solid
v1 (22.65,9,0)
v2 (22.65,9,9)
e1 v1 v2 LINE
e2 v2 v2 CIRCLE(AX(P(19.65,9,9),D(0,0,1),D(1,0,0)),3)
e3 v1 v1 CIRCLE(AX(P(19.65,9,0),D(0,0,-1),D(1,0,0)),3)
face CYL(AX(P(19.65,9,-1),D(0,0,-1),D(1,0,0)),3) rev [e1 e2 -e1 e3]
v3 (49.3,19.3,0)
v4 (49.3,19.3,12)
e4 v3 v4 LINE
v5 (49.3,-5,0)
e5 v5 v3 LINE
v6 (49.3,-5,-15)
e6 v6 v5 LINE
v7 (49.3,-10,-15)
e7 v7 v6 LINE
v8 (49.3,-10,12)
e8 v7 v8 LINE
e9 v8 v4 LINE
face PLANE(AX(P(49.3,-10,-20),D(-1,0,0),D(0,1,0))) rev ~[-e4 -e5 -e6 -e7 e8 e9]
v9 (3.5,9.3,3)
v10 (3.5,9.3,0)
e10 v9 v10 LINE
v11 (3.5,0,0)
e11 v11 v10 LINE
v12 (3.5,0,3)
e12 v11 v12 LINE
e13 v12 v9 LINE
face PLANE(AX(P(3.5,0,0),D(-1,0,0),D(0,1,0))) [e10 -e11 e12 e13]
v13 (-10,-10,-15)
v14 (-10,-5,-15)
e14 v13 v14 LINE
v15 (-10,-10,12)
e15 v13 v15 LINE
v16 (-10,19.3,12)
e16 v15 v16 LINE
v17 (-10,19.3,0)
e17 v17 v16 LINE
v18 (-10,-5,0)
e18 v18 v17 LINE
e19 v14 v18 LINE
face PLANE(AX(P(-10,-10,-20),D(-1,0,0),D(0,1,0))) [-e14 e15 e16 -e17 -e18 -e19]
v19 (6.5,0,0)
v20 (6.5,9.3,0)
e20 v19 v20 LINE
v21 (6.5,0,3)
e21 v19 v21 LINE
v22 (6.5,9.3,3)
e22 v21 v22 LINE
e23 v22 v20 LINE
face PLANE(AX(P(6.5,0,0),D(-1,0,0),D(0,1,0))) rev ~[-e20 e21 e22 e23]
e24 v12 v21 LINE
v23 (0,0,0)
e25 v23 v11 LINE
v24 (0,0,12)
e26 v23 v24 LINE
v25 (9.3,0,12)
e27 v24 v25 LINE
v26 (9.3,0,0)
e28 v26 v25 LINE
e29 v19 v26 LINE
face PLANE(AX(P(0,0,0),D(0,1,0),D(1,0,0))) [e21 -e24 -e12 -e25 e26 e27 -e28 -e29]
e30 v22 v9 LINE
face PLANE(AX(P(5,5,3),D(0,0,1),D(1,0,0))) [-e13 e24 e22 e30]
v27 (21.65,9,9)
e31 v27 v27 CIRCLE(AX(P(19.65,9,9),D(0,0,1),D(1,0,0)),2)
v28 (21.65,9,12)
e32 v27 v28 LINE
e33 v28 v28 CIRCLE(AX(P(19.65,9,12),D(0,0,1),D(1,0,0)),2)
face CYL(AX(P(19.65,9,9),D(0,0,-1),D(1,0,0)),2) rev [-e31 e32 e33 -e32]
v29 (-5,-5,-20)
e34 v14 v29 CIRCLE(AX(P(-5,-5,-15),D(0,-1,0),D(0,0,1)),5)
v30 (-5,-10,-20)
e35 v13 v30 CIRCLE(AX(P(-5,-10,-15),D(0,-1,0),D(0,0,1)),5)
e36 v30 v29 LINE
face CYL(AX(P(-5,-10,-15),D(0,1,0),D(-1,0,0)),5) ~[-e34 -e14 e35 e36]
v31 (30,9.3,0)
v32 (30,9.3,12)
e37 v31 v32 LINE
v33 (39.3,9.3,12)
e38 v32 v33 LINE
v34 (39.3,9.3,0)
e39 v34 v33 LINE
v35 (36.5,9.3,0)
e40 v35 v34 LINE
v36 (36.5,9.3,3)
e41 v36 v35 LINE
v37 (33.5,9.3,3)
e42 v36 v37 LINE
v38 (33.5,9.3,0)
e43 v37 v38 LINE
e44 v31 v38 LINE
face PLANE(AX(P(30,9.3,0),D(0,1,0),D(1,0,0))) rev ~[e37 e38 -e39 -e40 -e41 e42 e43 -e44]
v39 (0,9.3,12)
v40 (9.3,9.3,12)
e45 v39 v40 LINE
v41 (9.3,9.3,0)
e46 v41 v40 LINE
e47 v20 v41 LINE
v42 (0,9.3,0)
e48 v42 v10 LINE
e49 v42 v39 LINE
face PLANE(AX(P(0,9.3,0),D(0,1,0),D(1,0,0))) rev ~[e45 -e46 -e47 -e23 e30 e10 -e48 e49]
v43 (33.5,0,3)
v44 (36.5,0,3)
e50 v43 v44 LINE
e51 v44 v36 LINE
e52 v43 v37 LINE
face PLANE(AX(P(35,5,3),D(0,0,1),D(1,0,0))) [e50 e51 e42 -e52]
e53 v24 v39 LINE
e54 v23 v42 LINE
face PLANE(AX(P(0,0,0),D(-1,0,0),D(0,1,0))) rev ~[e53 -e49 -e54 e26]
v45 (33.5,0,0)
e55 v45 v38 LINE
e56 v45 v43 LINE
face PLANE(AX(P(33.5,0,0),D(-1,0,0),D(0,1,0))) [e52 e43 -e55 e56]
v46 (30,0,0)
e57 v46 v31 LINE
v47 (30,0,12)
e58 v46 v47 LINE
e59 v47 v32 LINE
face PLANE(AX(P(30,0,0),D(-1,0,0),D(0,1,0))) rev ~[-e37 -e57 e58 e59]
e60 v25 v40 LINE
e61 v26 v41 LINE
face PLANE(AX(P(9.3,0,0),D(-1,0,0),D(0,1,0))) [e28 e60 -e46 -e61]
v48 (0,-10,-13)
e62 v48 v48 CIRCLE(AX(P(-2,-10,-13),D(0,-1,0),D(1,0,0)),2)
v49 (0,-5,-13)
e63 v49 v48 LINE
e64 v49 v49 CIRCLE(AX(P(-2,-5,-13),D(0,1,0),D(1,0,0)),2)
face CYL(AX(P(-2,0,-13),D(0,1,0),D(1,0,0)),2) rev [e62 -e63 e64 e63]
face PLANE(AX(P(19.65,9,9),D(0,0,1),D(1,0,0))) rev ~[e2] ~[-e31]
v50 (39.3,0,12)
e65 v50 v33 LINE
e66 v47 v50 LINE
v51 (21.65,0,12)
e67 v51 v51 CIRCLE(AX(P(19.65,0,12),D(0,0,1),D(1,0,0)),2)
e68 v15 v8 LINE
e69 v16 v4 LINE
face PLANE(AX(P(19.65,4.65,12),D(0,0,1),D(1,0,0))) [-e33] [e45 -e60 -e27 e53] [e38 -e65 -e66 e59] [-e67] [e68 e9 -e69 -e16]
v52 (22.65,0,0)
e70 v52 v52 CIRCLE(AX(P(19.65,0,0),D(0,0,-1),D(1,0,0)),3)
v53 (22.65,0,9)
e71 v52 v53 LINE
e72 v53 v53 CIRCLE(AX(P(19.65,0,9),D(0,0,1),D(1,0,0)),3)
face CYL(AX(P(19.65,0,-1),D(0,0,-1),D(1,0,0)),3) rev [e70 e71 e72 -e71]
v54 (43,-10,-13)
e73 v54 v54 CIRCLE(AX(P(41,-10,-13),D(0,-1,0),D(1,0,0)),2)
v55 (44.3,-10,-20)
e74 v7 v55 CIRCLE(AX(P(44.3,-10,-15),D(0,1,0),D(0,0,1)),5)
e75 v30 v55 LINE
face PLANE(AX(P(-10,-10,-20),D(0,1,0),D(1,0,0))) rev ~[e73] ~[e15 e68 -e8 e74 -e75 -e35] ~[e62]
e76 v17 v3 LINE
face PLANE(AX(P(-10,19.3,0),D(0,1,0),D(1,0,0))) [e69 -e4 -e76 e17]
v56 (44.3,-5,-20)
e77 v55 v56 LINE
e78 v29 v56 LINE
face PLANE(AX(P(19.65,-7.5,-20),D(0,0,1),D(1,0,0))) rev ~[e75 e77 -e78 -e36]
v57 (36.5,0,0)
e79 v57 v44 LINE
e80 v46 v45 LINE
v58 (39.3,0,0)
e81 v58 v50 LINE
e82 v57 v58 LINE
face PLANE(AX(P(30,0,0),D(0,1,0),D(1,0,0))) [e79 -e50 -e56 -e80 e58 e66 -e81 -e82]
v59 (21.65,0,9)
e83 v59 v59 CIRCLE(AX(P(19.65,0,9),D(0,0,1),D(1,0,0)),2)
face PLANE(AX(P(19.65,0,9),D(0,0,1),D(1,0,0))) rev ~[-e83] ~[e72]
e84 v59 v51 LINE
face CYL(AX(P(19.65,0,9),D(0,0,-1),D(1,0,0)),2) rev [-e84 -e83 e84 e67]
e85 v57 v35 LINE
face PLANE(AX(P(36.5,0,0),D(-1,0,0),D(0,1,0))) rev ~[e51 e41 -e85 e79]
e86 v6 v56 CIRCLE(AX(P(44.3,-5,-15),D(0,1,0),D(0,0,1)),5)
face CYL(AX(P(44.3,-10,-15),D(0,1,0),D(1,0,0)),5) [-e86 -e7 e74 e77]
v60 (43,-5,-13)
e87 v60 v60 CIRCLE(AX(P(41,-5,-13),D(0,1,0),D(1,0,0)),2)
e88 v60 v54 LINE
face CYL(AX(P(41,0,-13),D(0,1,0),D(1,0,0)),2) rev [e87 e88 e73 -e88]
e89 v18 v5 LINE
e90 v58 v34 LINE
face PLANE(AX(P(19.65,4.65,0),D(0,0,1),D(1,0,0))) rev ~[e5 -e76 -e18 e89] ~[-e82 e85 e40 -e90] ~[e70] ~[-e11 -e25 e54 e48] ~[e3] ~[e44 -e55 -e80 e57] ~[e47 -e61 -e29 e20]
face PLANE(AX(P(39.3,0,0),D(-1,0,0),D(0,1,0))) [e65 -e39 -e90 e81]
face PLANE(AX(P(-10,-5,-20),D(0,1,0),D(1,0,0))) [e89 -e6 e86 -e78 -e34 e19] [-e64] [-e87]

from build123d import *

# Parameters (mm, degrees)
BOX004_W               = 3
BOX004_H               = 10
BOX004_DEPTH           = 3
CYLINDER005_R          = 2
CYLINDER005_DEPTH      = 3
CYLINDER001_R          = 3
CYLINDER001_DEPTH      = 10
CYLINDER006_R          = 2
CYLINDER006_DEPTH      = 3
CYLINDER004_R          = 3
CYLINDER004_DEPTH      = 10
BOX_W                  = 9.3
BOX_H                  = 9.3
BOX_DEPTH              = 12
BOX005_W               = 9.3
BOX005_H               = 9.3
BOX005_DEPTH           = 12
BOX003_W               = 59.3
BOX003_H               = 29.3
BOX003_DEPTH           = 12
CYLINDER002_R          = 2
CYLINDER002_DEPTH      = 10
CYLINDER002_ROLL_ANGLE = 90
CYLINDER003_R          = 2
CYLINDER003_DEPTH      = 10
CYLINDER003_ROLL_ANGLE = 90
BOX006_W               = 59.3
BOX006_H               = 5
BOX006_DEPTH           = 20
FILLET_R               = 5
BOX001_W               = 3
BOX001_H               = 10
BOX001_DEPTH           = 3


with BuildPart() as cube004:
    # Box004 → Box004 (new body)
    with BuildSketch(Plane(origin=(33.5, 0, 0), x_dir=(1, 0, 0), z_dir=(0, 0, 1))):
        with Locations((1.5, 5)):
            Rectangle(BOX004_W, BOX004_H)
    extrude(amount=BOX004_DEPTH)


with BuildPart() as cylinder005:
    # Cylinder005 → Cylinder005 (new body)
    with BuildSketch(Plane(origin=(19.65, 9, 5), x_dir=(1, 0, 0), z_dir=(0, 0, 1))):
        Circle(CYLINDER005_R)
    extrude(amount=CYLINDER005_DEPTH)


with BuildPart() as cylinder001:
    # Cylinder001 → Cylinder001 (new body)
    with BuildSketch(Plane(origin=(19.65, 9, -5), x_dir=(1, 0, 0), z_dir=(0, 0, 1))):
        Circle(CYLINDER001_R)
    extrude(amount=CYLINDER001_DEPTH)


with BuildPart() as cylinder006:
    # Cylinder006 → Cylinder006 (new body)
    with BuildSketch(Plane(origin=(19.65, 0, 5), x_dir=(1, 0, 0), z_dir=(0, 0, 1))):
        Circle(CYLINDER006_R)
    extrude(amount=CYLINDER006_DEPTH)


with BuildPart() as fusion003:
    # Cylinder004 → Cylinder004 (new body)
    with BuildSketch(Plane(origin=(19.65, 0, -5), x_dir=(1, 0, 0), z_dir=(0, 0, 1))):
        Circle(CYLINDER004_R)
    extrude(amount=CYLINDER004_DEPTH)

    # Fusion003: union Cylinder005, Cylinder001, Cylinder006
    add(cylinder005.part)
    add(cylinder001.part)
    add(cylinder006.part)


with BuildPart() as fusion003_1:
    # Fusion003 placement: moved
    add(fusion003.part.moved(Location((0, 0, 4))))


with BuildPart() as cube:
    # Box → Box (new body)
    with BuildSketch(Plane(origin=(30, 0, 0), x_dir=(1, 0, 0), z_dir=(0, 0, 1))):
        with Locations((4.65, 4.65)):
            Rectangle(BOX_W, BOX_H)
    extrude(amount=BOX_DEPTH)


with BuildPart() as fusion:
    # Box005 → Box005 (new body)
    with BuildSketch(Plane.XY):
        with Locations((4.65, 4.65)):
            Rectangle(BOX005_W, BOX005_H)
    extrude(amount=BOX005_DEPTH)

    # Fusion: union Cube
    add(cube.part)


with BuildPart() as cut001:
    # Box003 → Box003 (new body)
    with BuildSketch(Plane(origin=(-10, -10, 0), x_dir=(1, 0, 0), z_dir=(0, 0, 1))):
        with Locations((29.65, 14.65)):
            Rectangle(BOX003_W, BOX003_H)
    extrude(amount=BOX003_DEPTH)

    # Cut: cut Fusion
    add(fusion.part, mode=Mode.SUBTRACT)

    # Cut001: cut Fusion003
    add(fusion003_1.part, mode=Mode.SUBTRACT)


with BuildPart() as cylinder002:
    # Cylinder002 → Cylinder002 (new body)
    with BuildSketch(Plane.XY):
        Circle(CYLINDER002_R)
    extrude(amount=CYLINDER002_DEPTH)


with BuildPart() as cylinder002_1:
    # Cylinder002 roll: moved
    add(cylinder002.part.rotate(Axis((0, 0, 0), (1, 0, 0)), CYLINDER002_ROLL_ANGLE))


with BuildPart() as cylinder002_2:
    # Cylinder002 placement: moved
    add(cylinder002_1.part.moved(Location((-2, 0, -13))))


with BuildPart() as fusion002:
    # Cylinder003 → Cylinder003 (new body)
    with BuildSketch(Plane.XY):
        Circle(CYLINDER003_R)
    extrude(amount=CYLINDER003_DEPTH)


with BuildPart() as fusion002_1:
    # Cylinder003 roll: moved
    add(fusion002.part.rotate(Axis((0, 0, 0), (1, 0, 0)), CYLINDER003_ROLL_ANGLE))


with BuildPart() as fusion002_2:
    # Cylinder003 placement: moved
    add(fusion002_1.part.moved(Location((41, 0, -13))))

    # Fusion002: union Cylinder002
    add(cylinder002_2.part)


with BuildPart() as cut002:
    # Box006 → Box006 (new body)
    with BuildSketch(Plane(origin=(-10, -10, -20), x_dir=(1, 0, 0), z_dir=(0, 0, 1))):
        with Locations((29.65, 2.5)):
            Rectangle(BOX006_W, BOX006_H)
    extrude(amount=BOX006_DEPTH)

    # Fillet
    fillet_edges = [cut002.edges().sort_by_distance(p)[0] for p in [
        (-10, -7.5, -20),
        (49.3, -7.5, -20),
    ]]
    fillet(fillet_edges, radius=FILLET_R)

    # Cut002: cut Fusion002
    add(fusion002_2.part, mode=Mode.SUBTRACT)


with BuildPart() as fusion004:
    # Box001 → Box001 (new body)
    with BuildSketch(Plane(origin=(3.5, 0, 0), x_dir=(1, 0, 0), z_dir=(0, 0, 1))):
        with Locations((1.5, 5)):
            Rectangle(BOX001_W, BOX001_H)
    extrude(amount=BOX001_DEPTH)

    # Fusion004: union Cube004, Cut001, Cut002
    add(cube004.part)
    add(cut001.part)
    add(cut002.part)


solid = fusion004.part
